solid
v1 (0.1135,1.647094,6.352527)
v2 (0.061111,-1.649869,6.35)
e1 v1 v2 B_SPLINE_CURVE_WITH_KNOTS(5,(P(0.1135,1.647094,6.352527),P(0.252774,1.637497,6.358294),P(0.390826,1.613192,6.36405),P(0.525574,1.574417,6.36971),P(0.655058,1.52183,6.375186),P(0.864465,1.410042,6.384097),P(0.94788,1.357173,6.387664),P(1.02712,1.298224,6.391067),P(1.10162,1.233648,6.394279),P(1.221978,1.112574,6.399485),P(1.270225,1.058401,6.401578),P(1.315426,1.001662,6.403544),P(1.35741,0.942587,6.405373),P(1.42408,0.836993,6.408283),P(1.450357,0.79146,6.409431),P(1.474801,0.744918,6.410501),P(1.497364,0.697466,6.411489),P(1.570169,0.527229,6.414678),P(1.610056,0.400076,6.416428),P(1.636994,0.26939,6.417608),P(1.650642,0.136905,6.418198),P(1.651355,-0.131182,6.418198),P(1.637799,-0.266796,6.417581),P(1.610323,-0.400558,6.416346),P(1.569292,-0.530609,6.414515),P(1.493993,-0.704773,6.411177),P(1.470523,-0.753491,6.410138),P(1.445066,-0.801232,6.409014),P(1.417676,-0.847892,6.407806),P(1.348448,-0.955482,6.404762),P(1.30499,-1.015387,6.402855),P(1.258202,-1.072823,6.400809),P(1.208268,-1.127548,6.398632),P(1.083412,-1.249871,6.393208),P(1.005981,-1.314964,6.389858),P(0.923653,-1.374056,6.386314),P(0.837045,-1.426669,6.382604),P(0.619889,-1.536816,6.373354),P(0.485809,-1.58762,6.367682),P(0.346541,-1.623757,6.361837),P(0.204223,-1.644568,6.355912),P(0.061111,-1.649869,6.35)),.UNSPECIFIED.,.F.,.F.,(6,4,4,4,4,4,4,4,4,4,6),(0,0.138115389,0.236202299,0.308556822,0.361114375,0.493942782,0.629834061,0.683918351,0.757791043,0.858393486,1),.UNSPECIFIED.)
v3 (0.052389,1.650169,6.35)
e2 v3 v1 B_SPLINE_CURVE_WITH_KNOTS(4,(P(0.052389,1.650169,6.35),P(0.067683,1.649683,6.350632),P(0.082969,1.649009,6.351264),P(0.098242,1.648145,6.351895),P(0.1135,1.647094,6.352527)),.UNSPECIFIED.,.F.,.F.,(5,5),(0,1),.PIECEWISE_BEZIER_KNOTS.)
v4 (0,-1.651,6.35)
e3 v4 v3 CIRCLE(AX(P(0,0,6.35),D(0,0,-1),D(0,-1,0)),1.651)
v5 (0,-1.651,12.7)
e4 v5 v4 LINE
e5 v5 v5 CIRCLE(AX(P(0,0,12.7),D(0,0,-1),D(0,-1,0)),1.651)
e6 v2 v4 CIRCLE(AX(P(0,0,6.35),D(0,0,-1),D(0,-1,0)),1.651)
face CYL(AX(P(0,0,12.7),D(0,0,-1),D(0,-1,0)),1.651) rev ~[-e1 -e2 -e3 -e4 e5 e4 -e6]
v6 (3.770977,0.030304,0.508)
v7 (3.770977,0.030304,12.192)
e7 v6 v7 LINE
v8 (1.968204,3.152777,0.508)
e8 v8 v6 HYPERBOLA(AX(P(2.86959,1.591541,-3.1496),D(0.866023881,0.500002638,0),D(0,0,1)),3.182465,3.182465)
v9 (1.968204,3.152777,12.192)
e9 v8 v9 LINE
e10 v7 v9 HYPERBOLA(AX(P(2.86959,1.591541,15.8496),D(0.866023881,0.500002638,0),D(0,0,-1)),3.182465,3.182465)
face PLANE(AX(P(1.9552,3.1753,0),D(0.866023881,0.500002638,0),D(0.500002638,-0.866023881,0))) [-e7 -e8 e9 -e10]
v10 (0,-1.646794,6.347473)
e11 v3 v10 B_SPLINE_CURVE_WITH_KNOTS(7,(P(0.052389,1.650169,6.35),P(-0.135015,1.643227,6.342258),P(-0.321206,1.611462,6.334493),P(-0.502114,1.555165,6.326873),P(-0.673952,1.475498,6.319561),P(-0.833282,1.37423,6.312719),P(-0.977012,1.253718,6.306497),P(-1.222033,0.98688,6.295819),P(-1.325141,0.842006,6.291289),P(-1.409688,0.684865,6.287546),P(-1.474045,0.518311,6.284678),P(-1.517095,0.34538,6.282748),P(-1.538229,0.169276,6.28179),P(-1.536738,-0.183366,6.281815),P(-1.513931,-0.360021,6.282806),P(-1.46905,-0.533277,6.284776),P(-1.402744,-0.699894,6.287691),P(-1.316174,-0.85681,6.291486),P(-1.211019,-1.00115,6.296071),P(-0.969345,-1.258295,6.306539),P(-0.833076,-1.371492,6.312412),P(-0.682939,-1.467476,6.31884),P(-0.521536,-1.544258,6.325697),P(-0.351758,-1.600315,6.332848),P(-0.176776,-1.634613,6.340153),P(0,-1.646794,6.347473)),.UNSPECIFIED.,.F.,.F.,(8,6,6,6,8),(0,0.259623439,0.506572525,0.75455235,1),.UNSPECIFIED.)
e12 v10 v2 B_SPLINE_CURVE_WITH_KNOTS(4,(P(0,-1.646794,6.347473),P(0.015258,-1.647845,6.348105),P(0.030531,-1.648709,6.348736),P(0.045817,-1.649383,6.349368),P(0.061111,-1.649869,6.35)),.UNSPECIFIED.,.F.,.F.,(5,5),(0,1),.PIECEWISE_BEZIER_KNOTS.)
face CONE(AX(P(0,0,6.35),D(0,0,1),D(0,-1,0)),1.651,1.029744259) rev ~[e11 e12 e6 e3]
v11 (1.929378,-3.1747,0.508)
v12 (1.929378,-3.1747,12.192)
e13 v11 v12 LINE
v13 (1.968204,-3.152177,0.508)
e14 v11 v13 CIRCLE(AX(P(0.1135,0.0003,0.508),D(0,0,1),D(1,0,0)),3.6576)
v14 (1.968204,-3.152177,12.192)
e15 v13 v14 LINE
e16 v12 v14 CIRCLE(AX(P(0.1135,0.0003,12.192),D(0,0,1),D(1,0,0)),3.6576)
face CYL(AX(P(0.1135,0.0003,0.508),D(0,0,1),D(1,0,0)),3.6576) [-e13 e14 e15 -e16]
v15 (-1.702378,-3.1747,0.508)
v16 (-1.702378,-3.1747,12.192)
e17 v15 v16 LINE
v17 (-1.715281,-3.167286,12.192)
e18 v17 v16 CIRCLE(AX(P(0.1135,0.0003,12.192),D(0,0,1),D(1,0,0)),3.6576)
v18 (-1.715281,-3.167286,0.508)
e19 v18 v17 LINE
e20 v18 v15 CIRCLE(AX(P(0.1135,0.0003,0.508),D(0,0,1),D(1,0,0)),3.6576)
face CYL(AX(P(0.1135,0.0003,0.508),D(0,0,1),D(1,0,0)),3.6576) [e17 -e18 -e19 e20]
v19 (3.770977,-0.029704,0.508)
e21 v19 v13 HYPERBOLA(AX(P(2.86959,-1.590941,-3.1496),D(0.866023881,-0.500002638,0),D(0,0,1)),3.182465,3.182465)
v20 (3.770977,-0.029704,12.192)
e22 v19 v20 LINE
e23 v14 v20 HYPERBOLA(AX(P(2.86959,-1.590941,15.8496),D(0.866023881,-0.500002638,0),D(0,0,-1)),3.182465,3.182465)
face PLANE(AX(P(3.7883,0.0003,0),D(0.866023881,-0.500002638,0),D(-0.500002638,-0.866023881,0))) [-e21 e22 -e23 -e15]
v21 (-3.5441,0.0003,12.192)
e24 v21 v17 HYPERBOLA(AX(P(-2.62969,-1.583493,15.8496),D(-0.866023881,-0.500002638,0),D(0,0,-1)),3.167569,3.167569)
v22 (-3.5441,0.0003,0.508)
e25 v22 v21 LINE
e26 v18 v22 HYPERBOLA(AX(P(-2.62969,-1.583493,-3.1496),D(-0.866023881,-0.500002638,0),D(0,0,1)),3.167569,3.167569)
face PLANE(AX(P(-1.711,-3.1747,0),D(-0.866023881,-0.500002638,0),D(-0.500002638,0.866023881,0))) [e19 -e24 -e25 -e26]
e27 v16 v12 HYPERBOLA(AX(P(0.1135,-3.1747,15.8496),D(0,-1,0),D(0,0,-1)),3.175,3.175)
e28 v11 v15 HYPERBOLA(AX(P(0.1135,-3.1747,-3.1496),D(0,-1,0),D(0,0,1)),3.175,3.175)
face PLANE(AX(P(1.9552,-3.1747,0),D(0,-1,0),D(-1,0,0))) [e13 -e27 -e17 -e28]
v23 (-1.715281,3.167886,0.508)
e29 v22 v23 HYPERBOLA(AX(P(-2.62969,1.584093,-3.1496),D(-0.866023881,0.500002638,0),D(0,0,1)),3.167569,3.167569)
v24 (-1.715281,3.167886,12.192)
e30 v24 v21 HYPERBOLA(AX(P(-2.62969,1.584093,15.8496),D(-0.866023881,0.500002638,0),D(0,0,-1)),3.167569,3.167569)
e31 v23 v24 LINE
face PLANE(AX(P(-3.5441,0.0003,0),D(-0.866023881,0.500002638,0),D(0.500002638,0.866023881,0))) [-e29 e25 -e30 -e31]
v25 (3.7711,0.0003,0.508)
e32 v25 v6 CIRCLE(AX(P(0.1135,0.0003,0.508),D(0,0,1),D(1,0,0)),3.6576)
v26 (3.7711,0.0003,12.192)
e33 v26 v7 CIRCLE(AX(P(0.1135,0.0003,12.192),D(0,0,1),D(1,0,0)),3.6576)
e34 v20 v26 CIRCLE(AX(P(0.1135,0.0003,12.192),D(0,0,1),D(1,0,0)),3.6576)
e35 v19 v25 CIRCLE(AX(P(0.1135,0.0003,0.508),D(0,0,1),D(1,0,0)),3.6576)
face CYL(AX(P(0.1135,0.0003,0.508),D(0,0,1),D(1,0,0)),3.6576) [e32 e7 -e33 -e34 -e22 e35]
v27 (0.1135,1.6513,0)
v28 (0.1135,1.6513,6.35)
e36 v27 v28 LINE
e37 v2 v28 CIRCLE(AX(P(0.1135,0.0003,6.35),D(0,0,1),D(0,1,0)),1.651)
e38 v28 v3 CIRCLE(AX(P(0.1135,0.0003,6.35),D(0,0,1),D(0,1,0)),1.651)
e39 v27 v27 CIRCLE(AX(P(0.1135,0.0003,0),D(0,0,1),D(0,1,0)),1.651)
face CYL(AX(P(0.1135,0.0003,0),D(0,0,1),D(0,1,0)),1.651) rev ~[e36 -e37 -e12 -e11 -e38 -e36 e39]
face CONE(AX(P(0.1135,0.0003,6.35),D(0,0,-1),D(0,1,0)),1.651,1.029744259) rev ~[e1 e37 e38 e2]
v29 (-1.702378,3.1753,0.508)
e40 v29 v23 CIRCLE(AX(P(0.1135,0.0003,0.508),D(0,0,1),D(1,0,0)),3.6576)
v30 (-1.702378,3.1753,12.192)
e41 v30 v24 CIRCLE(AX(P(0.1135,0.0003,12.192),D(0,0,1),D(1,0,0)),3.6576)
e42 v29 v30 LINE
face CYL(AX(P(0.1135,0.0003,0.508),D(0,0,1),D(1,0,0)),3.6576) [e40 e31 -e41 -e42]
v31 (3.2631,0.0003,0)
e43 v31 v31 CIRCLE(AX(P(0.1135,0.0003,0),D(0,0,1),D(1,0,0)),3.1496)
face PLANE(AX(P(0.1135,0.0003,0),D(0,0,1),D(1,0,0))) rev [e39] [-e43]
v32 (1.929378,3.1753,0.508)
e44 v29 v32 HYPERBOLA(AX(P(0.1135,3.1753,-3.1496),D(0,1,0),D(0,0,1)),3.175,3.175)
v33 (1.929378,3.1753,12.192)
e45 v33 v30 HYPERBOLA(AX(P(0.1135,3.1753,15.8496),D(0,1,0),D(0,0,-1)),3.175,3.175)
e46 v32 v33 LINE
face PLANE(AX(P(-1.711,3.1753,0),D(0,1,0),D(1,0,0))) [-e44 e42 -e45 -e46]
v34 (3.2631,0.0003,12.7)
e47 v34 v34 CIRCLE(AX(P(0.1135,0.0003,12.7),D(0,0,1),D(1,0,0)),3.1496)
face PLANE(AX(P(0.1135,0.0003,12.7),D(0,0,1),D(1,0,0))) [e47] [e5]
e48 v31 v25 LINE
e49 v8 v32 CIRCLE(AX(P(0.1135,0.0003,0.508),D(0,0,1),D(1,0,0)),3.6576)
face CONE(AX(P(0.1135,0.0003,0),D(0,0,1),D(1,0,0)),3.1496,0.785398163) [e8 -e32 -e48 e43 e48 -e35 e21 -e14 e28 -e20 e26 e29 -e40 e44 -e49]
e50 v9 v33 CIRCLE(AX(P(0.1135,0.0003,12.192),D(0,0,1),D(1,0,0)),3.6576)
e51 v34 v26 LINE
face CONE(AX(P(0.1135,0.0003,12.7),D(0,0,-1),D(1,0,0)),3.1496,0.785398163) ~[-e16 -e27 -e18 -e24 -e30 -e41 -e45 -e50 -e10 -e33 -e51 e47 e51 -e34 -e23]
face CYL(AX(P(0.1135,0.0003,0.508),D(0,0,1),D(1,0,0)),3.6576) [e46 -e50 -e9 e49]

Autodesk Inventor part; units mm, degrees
ref_plane "YZ Plane" through (0, 0, 0) normal (1, 0, 0) x (0, 1, 0)
sketch "Sketch1" plane through (0, 0, 0) normal (0, 0, 1) x (1, 0, 0)
  line L0 (1.9552, -3.1747) -> (-1.711, -3.1747)
  line L1 (-1.711, -3.1747) -> (-3.5441, 0.0003)
  line L2 (-3.5441, 0.0003) -> (-1.711, 3.1753)
  line L3 (-1.711, 3.1753) -> (1.9552, 3.1753)
  line L4 (1.9552, 3.1753) -> (3.7883, 0.0003)
  line L5 (3.7883, 0.0003) -> (1.9552, -3.1747)
  point P0 (0.1221, 0.0003)
  dimension "d0" = 6.35
extrude "Extrusion1" add sketch "Sketch1" along normal blind 12.7
ref_plane "Work Plane1" through (-1.711, 0.0003, 0) normal (0, 1, 0) x (1, 0, 0)
sketch "Sketch3" plane through (-1.711, 0.0003, 0) normal (0, 1, 0) x (1, 0, 0)
  line L0 (-1.3251, 0) -> (4.9741, 0)
  line L1 (5.4821, -0.508) -> (5.4821, -12.192)
  line L2 (-1.8331, -12.192) -> (-1.8331, -0.508)
  line L3 (-1.8331, -0.508) -> (-1.3251, 0)
  line L4 (4.9741, 0) -> (5.4821, -0.508)
  line L5 (-1.8331, 0) -> (-1.8331, -12.7) projected
  line L6 (3.6662, 0) -> (5.4993, 0) projected
  line L7 (1.8245, 0) -> (1.8245, -12.7)
  line L8 (0, -12.7) -> (-1.8331, -12.7) projected
  line L9 (5.4993, -12.7) -> (3.6662, -12.7) projected
  line L10 (3.6662, -12.7) -> (0, -12.7) projected
  line L11 (-1.3251, -12.7) -> (-1.8331, -12.192)
  line L12 (4.9741, -12.7) -> (5.4821, -12.192)
  point P0 (-1.8331, 0)
  point P1 (5.4821, 0)
  point P2 (5.4821, -12.7)
  dimension "d5" = 0.508
  dimension "d6" = 0.508
  dimension "d7" = 0.508
  dimension "d8" = 0.508
  dimension "d16" = 0
  dimension "d46" = 0.508
  dimension "d47" = 0.508
  dimension "d48" = 0.508
  dimension "d49" = 0.508
revolve "Revolution1" cut sketch "Sketch3" angle 360 about axis through (0.1135, 0.0003, 0) along (0, 0, 1) keep common part contours L0 L4 L1 L12 L9 L10 L7
sketch "Sketch6" plane through (0.1135, 0.0003, 0) normal (0, 0, -1) x (-1, 0, 0)
  circle A0 centre (0, 0) radius 3.1496 projected
hole "Hole3" at (0.1135, 0.0003, 0) direction (0, 0, 1) diameter 3.302 depth 6.35 tip angle 118 thread size "8-32 UNC" class "2B" standard "ANSI Unified Screw Threads"
sketch "Sketch7" plane through (0, 0, 12.7) normal (0, 0, 1) x (1, 0, 0)
  point P0 (0, 0)
hole "Hole4" at (0, 0, 12.7) direction (0, 0, -1) diameter 3.302 depth 6.35 tip angle 118 thread size "8-32 UNC" class "2B" standard "ANSI Unified Screw Threads"
ref_plane "Work Plane2" through (0.1135, 0.0003, 6.35) normal (0, 0, -1) x (-1, 0, 0)
equation "\"d6\" = d5"
equation "\"d7\" = d5"
equation "\"d8\" = d7"
properties part number "0.5 inch Standoff" material "Steel"
